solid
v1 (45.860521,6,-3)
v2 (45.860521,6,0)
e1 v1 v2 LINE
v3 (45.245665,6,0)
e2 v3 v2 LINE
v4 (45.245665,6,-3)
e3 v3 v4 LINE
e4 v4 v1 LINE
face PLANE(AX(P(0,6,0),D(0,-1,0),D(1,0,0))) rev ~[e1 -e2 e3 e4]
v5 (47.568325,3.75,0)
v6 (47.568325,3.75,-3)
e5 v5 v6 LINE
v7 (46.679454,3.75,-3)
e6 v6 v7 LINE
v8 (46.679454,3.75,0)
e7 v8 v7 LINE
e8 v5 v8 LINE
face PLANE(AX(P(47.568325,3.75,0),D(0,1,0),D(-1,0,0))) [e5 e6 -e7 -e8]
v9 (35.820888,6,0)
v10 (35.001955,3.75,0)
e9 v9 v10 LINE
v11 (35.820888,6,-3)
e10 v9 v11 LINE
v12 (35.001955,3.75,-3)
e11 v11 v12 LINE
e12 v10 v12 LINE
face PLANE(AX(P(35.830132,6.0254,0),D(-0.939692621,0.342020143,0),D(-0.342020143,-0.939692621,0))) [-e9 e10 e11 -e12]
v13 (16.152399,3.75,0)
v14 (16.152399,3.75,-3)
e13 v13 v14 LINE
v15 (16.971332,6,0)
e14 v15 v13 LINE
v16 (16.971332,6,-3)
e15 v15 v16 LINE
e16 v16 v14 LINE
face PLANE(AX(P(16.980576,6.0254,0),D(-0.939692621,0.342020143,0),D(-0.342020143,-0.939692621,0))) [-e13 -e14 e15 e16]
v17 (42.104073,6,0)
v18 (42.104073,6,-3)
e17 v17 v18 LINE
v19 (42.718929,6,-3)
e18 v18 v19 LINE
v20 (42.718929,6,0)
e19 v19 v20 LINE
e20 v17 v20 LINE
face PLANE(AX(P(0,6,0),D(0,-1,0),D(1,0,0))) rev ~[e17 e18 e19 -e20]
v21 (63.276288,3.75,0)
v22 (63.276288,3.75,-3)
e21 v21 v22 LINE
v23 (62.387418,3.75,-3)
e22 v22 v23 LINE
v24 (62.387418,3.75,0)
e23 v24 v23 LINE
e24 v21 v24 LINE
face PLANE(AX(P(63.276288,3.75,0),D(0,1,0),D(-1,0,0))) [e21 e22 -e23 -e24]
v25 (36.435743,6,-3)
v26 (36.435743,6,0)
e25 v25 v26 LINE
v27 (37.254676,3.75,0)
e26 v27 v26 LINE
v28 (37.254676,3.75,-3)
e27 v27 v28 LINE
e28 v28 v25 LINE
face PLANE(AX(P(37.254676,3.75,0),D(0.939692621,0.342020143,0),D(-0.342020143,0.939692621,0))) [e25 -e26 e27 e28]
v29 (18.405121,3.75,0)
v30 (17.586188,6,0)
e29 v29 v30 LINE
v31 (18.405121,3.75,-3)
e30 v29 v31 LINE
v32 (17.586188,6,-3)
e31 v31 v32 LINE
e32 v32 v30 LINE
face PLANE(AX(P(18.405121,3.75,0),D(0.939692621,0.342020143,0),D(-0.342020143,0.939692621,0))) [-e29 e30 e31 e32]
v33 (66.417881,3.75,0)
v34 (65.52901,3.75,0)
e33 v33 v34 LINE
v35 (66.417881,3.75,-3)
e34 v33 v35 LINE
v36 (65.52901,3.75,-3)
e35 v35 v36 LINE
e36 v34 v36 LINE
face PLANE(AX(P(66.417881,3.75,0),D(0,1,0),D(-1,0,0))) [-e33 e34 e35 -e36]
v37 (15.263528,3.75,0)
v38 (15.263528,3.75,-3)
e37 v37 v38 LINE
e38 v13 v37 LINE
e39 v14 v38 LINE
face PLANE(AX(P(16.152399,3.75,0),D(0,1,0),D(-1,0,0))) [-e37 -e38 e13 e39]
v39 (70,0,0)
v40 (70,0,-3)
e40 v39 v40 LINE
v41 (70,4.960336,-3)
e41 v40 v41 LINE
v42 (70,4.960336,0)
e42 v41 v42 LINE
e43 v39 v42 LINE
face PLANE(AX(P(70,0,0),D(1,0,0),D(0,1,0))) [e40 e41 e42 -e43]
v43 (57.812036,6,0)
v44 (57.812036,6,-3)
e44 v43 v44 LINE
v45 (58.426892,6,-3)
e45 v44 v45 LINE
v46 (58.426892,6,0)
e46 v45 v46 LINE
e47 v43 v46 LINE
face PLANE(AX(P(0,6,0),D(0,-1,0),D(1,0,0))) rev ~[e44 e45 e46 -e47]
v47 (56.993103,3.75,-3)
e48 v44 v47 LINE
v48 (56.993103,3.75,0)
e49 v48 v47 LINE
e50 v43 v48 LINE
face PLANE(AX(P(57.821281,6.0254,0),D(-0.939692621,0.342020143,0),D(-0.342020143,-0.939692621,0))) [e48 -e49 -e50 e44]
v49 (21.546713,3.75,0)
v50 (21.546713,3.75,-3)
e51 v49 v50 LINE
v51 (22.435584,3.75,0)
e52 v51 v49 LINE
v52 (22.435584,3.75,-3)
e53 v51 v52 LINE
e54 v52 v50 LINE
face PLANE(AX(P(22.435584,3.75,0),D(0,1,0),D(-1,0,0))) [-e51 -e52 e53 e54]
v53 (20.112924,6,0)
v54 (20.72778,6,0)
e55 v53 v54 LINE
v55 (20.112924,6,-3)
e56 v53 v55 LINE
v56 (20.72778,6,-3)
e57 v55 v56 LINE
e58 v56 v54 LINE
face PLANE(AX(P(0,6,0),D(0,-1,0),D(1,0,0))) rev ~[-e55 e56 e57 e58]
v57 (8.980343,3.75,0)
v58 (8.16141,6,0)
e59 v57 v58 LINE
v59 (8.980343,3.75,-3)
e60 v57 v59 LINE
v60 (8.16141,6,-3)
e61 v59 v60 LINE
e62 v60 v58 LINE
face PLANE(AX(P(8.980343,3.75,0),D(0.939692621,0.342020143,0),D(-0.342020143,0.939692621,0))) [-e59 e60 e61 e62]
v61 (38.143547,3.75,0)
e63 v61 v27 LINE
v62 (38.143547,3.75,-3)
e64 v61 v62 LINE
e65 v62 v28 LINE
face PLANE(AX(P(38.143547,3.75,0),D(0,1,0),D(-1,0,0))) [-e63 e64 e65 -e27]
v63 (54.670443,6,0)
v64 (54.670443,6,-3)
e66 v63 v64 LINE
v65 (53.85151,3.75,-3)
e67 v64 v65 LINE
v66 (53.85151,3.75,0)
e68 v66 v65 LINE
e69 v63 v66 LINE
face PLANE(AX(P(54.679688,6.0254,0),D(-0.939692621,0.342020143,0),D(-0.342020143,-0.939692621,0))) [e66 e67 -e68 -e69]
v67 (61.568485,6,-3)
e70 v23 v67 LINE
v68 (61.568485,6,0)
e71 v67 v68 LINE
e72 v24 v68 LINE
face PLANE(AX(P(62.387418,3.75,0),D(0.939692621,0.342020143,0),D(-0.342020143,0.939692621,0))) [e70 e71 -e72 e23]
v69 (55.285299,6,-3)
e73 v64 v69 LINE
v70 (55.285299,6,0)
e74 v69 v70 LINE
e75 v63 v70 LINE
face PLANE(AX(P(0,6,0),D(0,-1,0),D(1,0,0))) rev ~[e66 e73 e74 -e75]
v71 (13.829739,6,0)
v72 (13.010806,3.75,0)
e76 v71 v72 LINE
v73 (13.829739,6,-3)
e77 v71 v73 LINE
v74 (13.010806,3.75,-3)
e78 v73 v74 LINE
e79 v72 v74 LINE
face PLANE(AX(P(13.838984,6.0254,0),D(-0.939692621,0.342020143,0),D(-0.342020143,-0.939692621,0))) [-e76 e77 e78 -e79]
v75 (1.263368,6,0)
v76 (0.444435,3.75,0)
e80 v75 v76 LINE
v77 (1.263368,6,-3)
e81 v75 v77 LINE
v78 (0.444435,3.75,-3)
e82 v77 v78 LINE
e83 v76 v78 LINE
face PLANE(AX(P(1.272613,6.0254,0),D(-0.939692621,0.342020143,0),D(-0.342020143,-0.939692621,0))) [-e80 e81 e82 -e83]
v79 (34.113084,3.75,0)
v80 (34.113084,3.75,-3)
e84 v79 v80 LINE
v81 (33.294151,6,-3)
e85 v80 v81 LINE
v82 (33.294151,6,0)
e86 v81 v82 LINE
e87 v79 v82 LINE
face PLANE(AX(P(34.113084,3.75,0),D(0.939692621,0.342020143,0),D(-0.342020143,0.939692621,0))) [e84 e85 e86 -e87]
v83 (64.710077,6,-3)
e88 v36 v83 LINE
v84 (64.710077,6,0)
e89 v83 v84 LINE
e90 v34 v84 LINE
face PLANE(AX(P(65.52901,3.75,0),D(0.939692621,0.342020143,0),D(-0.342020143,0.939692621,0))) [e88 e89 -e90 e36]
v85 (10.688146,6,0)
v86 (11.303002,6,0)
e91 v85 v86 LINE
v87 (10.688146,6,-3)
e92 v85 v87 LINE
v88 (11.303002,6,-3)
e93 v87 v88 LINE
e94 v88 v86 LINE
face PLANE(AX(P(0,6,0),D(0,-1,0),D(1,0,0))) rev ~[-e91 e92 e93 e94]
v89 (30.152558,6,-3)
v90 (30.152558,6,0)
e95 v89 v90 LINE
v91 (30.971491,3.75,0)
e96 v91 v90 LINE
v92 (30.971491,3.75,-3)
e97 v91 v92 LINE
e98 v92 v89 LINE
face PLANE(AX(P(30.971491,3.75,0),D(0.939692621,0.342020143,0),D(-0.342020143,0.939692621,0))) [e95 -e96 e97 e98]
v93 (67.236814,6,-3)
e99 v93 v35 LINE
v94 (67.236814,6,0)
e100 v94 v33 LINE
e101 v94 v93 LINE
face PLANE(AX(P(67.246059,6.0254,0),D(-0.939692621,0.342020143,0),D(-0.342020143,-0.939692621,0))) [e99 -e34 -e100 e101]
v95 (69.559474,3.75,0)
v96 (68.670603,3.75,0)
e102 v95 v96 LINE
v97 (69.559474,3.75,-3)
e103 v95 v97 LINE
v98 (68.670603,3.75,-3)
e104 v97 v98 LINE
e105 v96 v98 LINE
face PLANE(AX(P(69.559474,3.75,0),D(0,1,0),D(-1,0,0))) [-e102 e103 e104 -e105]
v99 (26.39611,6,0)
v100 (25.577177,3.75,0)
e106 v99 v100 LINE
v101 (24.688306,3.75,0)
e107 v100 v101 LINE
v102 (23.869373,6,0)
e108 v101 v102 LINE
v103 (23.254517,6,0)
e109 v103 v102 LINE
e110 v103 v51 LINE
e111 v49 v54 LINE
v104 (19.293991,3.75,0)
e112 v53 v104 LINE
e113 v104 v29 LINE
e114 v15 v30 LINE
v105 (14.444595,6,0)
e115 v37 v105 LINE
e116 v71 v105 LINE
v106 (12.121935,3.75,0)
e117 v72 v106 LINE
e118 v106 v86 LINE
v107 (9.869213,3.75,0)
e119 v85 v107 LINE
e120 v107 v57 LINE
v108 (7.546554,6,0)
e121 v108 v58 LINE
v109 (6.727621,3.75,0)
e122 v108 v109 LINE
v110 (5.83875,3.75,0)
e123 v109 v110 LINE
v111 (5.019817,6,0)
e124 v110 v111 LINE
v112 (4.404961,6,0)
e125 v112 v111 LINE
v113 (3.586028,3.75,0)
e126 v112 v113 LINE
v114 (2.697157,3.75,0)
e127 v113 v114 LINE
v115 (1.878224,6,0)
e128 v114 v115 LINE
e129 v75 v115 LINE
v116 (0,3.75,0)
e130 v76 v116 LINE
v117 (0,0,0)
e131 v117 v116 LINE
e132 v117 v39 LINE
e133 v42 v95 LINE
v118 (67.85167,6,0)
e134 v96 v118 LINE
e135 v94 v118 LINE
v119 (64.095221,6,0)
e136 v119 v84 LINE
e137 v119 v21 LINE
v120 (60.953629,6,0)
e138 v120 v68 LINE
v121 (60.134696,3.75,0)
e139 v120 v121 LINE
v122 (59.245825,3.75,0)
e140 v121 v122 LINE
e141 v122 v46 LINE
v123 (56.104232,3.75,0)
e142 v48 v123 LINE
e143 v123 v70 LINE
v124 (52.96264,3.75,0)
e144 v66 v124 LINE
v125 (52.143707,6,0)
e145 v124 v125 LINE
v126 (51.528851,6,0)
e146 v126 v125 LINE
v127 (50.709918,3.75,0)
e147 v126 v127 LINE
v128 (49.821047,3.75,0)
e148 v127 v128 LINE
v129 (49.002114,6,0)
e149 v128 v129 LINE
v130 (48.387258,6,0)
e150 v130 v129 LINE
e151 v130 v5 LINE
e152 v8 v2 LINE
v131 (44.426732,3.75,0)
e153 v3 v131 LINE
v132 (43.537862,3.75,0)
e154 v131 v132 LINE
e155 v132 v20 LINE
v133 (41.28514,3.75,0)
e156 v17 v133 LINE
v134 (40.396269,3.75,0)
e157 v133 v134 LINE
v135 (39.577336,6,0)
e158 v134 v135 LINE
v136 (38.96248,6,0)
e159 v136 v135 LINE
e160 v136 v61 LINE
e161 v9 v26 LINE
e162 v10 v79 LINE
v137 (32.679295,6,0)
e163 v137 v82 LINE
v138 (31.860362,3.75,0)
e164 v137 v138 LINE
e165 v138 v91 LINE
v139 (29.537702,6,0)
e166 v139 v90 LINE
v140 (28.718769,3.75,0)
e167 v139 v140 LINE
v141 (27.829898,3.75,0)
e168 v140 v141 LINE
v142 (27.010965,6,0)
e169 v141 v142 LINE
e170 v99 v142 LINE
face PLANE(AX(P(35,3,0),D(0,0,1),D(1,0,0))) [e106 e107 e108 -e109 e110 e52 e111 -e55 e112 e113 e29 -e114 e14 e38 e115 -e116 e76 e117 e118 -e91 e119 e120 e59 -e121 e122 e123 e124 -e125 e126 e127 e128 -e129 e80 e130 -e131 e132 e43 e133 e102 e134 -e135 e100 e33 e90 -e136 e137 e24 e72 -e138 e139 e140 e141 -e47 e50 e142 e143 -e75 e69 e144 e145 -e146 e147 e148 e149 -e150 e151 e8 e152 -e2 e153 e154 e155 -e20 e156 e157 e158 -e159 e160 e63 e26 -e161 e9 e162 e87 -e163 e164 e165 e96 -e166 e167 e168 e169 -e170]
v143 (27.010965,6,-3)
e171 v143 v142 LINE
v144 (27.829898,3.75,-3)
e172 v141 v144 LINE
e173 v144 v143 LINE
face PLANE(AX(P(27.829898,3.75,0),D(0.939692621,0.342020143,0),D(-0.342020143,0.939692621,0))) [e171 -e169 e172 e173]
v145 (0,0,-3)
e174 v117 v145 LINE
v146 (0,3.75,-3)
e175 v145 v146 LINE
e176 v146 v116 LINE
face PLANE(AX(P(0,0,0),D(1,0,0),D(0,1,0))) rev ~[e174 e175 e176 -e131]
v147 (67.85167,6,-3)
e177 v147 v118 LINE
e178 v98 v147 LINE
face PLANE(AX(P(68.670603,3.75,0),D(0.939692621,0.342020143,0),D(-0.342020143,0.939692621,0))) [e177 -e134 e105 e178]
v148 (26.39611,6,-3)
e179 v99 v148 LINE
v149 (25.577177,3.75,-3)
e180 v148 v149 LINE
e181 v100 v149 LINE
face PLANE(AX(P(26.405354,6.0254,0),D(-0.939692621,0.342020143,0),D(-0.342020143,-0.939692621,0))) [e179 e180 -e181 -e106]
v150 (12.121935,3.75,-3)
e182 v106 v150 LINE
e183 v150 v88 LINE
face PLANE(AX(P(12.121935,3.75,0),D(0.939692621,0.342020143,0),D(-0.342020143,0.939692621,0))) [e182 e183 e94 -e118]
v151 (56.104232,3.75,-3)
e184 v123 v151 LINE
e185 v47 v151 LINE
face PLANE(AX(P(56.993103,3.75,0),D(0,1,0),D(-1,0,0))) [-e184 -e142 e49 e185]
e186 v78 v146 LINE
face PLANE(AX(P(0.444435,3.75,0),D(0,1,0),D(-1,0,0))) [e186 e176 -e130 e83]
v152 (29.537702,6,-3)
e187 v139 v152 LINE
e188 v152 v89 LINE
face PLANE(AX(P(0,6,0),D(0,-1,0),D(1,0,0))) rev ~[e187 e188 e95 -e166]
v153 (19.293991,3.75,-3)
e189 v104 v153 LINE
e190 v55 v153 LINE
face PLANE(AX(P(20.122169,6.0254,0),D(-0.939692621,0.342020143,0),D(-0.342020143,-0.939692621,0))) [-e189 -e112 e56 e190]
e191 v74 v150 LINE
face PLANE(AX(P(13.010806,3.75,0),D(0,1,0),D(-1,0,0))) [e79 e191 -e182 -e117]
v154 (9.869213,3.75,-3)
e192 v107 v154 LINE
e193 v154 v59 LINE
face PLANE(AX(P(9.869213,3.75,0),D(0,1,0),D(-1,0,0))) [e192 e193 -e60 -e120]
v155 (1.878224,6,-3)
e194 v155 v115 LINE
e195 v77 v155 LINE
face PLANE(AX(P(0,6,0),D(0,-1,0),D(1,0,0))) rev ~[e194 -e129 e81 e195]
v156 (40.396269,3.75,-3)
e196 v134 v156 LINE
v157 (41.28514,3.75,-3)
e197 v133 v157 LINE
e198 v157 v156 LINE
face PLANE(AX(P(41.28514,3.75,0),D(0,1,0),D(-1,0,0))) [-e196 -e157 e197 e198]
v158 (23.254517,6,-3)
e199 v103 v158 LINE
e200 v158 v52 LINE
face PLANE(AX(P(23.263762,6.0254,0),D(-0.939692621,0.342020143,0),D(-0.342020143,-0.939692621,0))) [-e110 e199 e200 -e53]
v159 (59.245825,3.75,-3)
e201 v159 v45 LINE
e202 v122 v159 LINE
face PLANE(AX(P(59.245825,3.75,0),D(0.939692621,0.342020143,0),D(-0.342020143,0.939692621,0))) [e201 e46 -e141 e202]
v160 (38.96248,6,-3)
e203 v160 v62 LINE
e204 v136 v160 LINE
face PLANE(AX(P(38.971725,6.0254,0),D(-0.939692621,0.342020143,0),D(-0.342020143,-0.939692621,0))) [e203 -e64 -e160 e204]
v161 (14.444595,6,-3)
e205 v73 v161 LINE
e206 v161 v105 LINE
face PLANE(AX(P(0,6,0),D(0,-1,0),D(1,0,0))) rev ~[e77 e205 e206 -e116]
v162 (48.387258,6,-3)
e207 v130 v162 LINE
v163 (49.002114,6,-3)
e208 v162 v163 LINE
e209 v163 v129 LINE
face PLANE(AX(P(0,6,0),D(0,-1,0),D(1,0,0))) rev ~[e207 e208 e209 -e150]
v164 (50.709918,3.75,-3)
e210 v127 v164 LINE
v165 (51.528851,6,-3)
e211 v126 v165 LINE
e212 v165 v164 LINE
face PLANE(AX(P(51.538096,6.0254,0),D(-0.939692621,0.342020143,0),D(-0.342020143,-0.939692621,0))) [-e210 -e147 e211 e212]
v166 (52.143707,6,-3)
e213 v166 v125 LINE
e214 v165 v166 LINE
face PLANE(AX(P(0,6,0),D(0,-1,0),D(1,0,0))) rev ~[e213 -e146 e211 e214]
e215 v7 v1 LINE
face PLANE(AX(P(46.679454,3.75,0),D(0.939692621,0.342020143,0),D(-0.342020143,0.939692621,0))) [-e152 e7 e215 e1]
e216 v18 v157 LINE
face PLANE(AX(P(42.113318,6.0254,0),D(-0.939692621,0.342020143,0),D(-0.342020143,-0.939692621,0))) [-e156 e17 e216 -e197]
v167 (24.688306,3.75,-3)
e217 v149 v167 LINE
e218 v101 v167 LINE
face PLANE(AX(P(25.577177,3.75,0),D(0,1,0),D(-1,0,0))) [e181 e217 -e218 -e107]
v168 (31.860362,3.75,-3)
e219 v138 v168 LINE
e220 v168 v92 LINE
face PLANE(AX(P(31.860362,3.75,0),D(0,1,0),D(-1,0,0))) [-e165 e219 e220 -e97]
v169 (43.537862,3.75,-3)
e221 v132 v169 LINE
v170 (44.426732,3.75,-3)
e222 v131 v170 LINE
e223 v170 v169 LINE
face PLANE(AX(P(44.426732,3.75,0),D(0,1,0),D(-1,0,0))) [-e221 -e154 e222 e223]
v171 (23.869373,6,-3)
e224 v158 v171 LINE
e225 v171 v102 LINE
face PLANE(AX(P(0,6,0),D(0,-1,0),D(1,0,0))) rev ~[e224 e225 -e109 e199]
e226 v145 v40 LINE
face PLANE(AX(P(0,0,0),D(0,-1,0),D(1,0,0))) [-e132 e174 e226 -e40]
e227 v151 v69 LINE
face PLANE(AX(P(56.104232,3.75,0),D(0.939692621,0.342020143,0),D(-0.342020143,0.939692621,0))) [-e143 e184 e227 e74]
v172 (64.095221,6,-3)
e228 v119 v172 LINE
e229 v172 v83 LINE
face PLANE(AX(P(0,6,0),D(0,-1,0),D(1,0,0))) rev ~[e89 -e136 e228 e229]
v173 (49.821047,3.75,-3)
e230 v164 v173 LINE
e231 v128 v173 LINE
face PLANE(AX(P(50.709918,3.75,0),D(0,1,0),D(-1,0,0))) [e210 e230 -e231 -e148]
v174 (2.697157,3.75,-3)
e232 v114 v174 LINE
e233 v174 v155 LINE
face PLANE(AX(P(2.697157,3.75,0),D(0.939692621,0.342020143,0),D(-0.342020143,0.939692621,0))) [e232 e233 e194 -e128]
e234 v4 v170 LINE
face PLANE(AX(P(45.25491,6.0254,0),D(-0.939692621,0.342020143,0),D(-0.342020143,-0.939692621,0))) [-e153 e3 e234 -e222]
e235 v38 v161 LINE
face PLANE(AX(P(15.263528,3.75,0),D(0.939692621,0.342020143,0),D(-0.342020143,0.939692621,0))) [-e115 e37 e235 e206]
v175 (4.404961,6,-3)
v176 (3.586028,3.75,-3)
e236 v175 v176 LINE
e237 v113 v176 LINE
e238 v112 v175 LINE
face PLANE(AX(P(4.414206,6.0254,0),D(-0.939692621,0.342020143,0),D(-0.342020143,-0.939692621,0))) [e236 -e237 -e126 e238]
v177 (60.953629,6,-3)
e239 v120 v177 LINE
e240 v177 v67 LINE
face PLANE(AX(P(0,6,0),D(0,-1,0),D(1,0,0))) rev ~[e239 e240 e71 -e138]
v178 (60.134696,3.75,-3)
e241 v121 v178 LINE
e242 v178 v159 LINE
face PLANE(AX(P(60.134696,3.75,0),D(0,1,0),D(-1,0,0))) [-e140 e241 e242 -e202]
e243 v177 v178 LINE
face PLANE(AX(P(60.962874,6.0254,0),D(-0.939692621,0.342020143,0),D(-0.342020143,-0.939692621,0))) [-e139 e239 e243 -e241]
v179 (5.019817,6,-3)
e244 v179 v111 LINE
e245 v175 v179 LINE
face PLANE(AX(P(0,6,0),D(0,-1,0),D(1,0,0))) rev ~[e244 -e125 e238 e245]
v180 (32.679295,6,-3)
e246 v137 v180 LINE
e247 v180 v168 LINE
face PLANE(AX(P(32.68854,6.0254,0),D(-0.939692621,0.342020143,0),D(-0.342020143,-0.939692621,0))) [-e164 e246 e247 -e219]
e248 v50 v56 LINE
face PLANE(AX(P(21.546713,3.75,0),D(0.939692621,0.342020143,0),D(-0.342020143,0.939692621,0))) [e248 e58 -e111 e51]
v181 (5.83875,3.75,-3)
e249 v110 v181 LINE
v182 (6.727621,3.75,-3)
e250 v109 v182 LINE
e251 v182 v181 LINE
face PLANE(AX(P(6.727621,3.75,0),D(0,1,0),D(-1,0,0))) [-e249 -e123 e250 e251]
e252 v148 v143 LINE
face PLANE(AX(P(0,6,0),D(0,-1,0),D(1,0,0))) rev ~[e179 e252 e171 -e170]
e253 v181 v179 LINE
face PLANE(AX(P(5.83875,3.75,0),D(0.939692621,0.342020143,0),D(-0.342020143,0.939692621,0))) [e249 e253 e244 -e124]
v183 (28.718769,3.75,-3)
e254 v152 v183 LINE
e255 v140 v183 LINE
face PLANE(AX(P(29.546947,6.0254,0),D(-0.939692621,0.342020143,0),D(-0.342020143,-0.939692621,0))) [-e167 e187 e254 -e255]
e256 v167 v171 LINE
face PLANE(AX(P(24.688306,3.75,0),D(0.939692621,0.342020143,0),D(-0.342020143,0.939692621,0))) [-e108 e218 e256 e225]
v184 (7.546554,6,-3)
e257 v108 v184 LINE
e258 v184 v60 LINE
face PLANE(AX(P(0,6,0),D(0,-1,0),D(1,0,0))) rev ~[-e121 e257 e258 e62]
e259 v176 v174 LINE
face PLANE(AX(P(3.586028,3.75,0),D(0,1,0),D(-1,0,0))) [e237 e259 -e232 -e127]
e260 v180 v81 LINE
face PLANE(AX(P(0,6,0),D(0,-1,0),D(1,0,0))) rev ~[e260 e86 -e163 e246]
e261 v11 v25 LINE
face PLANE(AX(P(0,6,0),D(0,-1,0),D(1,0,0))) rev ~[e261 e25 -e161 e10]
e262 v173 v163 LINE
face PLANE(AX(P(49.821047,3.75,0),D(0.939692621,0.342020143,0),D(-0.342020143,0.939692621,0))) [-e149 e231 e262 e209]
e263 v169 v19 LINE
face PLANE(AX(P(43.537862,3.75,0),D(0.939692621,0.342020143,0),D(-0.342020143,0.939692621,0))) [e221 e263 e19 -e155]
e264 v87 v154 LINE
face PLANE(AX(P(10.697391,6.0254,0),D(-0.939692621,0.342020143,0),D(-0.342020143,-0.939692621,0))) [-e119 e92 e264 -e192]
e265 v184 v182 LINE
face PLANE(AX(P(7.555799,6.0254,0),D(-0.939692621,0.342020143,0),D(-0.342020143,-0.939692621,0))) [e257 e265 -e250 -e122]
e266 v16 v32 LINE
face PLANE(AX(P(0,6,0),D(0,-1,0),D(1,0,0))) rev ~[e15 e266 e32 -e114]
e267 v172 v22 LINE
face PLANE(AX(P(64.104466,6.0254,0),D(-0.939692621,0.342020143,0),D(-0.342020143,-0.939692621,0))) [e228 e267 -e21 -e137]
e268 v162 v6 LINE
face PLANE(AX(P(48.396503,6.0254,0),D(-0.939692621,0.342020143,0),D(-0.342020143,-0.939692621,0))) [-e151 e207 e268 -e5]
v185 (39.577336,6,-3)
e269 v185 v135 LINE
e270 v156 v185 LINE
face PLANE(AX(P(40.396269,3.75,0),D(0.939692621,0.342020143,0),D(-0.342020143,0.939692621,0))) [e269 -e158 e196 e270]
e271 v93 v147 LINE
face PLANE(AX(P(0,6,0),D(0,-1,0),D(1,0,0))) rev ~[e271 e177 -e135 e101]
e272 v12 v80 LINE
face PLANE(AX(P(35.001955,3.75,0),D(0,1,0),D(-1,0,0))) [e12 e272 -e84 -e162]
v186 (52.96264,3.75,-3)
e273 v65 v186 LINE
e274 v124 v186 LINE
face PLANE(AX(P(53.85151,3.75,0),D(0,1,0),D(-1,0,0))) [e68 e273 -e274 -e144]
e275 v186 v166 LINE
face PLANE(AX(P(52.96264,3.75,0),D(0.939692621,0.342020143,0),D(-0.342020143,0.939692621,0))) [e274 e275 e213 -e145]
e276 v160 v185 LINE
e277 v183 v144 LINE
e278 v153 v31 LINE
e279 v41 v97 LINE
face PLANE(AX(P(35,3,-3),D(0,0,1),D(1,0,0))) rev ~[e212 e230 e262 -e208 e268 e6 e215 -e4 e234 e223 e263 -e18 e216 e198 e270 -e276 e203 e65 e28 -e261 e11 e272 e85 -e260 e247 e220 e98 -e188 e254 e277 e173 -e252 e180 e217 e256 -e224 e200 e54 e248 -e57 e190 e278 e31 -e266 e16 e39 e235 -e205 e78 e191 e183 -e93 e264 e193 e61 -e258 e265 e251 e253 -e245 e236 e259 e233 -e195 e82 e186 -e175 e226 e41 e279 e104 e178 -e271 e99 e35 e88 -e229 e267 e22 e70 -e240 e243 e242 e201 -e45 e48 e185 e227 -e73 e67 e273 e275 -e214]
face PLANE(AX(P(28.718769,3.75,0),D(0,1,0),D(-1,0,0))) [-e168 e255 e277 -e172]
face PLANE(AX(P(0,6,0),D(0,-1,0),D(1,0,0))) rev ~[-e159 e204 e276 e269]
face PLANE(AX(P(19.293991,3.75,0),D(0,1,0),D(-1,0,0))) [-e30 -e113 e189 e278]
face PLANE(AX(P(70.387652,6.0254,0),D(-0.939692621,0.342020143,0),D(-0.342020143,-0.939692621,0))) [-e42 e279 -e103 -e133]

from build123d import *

# Parameters (mm, degrees)
BLANKSKE_W        = 70
BLANKSKE_H        = 6
BLANK_DEPTH       = 3
TOOTHCUTSIM_DEPTH = 71.320693967
TEETHCUTS_COUNT   = 24
TEETHCUTS_PITCH   = 3.14159265


with BuildPart() as part:
    # BlankSke → Blank (new body)
    with BuildSketch(Plane.XY):
        with Locations((35, 3)):
            Rectangle(BLANKSKE_W, BLANKSKE_H)
    extrude(amount=-BLANK_DEPTH)

    # TooCutSkeSim → ToothCutSim (cut, through all)
    with BuildSketch(Plane.XY):
        Polygon((0.44443537, 3.75), (-0.44443537, 3.75), (-1.272613241, 6.0254), (1.272613241, 6.0254), align=None)
    toothcutsim = extrude(amount=-TOOTHCUTSIM_DEPTH, mode=Mode.SUBTRACT)

    # TeethCuts: ToothCutSim ×24
    with Locations(*[(i * TEETHCUTS_PITCH, 0, 0) for i in range(1, TEETHCUTS_COUNT)]):
        add(toothcutsim, mode=Mode.SUBTRACT)


solid = part.part
